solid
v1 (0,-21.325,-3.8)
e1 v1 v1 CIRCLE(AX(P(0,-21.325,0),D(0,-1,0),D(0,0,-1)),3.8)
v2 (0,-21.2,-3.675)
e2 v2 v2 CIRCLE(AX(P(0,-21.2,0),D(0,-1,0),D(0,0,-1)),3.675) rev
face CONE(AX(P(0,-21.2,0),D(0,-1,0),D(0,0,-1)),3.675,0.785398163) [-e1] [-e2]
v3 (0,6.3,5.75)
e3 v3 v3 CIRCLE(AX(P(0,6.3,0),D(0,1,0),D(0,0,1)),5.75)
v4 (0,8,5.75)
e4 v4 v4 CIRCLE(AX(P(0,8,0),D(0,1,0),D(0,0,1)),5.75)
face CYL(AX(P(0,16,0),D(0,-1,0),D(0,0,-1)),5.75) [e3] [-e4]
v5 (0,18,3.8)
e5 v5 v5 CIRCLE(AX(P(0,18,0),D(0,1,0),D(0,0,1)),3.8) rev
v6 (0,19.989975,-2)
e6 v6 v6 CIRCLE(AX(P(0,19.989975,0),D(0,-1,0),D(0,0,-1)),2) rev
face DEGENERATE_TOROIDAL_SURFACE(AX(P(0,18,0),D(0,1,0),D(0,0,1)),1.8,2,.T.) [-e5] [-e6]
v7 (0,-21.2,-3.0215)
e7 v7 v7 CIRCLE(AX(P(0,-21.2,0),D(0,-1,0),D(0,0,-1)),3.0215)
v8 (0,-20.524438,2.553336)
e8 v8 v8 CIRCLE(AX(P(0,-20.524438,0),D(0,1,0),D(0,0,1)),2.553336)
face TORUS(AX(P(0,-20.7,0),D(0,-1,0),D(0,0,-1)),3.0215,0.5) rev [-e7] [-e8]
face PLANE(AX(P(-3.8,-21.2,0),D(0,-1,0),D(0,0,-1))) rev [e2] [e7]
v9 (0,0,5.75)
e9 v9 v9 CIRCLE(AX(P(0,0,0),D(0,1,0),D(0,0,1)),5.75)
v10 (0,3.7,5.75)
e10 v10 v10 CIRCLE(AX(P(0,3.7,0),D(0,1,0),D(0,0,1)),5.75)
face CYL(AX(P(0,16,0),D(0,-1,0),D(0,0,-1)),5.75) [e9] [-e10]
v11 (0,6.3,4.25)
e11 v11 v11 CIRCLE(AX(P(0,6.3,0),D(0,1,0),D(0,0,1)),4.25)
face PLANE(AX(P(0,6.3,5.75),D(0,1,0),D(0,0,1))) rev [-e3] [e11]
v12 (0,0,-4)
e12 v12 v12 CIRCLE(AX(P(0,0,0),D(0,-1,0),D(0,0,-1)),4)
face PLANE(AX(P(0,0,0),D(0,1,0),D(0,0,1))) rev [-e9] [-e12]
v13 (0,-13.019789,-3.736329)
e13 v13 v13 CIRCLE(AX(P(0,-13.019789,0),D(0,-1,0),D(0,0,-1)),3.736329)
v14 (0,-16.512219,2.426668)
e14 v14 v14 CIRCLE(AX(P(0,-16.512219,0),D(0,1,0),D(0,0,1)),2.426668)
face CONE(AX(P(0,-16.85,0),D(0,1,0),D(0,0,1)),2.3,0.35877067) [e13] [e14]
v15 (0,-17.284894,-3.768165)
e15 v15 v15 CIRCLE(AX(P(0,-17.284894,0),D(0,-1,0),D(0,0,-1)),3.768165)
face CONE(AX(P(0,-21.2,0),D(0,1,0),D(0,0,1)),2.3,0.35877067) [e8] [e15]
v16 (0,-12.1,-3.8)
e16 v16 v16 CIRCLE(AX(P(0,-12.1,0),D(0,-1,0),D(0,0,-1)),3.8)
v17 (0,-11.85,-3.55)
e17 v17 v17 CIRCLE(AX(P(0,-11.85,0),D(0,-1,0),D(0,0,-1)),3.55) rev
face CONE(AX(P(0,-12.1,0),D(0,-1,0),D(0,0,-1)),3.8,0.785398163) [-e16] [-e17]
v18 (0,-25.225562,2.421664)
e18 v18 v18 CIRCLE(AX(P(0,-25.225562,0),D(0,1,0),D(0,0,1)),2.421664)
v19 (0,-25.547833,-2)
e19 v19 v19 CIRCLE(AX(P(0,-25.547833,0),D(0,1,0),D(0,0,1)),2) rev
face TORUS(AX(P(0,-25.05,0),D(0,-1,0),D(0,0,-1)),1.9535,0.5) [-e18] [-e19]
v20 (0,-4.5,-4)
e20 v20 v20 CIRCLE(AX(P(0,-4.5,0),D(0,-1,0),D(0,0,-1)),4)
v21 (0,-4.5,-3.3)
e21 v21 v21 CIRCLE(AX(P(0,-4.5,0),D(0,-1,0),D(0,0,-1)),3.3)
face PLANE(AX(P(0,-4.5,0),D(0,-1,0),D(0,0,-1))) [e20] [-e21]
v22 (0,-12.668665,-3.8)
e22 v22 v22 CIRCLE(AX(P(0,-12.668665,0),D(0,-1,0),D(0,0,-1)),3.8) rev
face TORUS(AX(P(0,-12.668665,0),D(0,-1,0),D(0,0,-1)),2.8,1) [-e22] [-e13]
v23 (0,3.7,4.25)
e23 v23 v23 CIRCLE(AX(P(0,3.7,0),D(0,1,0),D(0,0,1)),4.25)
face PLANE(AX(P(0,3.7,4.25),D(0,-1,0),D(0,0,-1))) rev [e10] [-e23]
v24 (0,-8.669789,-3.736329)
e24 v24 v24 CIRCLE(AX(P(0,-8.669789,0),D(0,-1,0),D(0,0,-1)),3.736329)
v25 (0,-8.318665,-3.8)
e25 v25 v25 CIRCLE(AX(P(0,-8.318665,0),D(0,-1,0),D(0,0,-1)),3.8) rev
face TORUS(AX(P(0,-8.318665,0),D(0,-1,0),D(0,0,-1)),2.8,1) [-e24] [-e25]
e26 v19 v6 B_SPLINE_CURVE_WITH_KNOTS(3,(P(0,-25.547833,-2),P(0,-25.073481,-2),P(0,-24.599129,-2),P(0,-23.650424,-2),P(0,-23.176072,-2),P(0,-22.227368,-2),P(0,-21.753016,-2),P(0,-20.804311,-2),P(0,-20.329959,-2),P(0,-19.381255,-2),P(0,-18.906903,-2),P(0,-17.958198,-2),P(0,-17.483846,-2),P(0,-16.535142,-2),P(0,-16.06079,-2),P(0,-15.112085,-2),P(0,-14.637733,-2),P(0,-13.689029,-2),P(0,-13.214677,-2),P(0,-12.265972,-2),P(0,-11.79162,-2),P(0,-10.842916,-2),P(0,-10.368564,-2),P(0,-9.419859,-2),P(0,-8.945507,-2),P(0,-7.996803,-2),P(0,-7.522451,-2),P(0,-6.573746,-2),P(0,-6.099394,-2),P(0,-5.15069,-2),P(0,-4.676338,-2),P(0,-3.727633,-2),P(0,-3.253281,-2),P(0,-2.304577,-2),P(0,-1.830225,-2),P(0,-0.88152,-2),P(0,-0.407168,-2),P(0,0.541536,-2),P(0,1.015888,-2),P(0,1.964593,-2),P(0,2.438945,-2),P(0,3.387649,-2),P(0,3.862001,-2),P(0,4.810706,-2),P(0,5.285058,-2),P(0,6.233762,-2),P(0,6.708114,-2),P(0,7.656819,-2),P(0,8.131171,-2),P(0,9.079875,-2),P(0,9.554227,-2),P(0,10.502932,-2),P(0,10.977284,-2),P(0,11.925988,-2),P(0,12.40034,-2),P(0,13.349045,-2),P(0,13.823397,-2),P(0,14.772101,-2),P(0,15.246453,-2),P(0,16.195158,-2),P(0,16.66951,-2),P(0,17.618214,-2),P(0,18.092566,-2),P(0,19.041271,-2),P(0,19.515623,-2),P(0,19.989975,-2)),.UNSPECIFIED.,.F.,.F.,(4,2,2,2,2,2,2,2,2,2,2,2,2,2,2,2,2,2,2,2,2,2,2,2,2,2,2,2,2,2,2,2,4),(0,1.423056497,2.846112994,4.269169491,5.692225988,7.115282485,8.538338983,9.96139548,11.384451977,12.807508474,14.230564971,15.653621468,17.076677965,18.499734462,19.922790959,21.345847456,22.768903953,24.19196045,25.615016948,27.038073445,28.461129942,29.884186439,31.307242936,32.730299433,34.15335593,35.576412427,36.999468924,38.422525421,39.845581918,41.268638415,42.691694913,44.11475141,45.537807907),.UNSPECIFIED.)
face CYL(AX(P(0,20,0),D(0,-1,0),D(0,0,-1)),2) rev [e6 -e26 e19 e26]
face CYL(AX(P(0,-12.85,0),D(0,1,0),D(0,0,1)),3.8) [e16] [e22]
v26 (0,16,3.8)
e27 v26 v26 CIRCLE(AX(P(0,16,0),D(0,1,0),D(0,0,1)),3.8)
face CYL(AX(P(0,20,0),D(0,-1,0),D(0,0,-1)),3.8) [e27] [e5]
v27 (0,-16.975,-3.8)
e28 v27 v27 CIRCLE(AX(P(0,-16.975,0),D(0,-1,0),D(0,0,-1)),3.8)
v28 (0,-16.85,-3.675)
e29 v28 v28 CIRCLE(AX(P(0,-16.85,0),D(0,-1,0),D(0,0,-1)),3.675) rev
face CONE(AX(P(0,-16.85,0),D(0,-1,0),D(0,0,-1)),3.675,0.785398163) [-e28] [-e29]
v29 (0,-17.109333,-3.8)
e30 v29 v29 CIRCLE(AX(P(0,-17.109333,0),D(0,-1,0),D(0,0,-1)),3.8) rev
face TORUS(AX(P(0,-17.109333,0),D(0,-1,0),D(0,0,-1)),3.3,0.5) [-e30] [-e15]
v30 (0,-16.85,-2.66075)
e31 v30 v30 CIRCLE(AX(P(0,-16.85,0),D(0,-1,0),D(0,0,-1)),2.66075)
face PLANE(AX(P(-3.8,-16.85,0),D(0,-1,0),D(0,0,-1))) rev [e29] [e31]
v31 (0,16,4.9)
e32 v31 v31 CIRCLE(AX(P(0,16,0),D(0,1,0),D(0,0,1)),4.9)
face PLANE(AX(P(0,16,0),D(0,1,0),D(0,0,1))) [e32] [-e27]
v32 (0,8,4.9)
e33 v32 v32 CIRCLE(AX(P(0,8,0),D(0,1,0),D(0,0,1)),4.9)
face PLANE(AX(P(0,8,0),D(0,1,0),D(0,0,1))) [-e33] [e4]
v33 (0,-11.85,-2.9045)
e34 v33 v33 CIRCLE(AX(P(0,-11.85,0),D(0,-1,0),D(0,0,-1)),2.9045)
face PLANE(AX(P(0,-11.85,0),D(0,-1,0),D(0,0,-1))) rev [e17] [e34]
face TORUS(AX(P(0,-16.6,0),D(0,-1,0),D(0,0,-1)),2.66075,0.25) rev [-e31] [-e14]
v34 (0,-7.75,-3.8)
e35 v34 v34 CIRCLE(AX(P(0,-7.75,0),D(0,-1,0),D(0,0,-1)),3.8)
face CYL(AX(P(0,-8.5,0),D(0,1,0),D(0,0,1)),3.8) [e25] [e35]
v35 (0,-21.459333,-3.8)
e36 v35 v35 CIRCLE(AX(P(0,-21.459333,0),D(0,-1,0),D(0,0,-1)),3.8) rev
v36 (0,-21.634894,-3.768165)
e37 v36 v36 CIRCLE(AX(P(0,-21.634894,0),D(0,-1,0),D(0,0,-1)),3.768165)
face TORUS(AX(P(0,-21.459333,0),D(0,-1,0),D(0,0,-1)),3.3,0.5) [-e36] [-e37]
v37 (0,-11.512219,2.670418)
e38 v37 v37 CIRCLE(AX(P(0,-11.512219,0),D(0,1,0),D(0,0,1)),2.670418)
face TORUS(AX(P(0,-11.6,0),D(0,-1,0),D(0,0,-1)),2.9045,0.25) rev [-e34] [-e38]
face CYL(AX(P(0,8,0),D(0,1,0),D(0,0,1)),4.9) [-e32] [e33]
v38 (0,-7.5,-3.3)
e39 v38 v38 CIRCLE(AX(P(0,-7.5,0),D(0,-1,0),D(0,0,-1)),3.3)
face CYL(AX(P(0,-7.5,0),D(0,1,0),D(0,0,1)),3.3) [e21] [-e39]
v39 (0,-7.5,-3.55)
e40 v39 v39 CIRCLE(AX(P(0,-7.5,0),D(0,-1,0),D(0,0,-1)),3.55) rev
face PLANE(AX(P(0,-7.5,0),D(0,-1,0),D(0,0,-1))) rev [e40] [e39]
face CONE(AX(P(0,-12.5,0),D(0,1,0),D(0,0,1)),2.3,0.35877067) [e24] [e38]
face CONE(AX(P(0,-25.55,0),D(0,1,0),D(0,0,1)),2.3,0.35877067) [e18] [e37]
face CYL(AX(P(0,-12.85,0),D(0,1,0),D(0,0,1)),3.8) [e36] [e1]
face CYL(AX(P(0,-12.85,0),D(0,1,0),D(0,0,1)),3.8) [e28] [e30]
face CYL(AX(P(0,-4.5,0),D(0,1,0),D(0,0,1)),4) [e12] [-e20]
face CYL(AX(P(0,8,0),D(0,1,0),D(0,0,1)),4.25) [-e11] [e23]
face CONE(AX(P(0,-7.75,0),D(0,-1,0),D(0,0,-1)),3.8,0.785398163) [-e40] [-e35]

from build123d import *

# Parameters (mm, degrees)
SKETCH1_R           = 5.75
BOSS_EXTRUDE1_DEPTH = 16
SKETCH2_OUTSIDE_W   = 18.062
SKETCH2_OUTSIDE_H   = 18.062
SKETCH2_OUTSIDE_R   = 4.9
CUT_EXTRUDE1_DEPTH  = 8
SKETCH3_R           = 3.8
BOSS_EXTRUDE2_DEPTH = 4
FILLET2_R           = 2
SKETCH4_R           = 4
BOSS_EXTRUDE3_DEPTH = 4.5
SKETCH5_R           = 3.3
BOSS_EXTRUDE4_DEPTH = 3
BOSS_EXTRUDE5_START = 1
SKETCH6_R           = 3.8
BOSS_EXTRUDE5_DEPTH = 1
BOSS_EXTRUDE6_REACH = 35.502
SKETCH10_R          = 3.8
LPATTERN1_COUNT     = 4
LPATTERN1_PITCH     = 4.35
CHAMFER1_SIZE       = 0.25
CHAMFER2_SIZE       = 0.25
CHAMFER3_SIZE       = 0.125
CHAMFER4_SIZE       = 0.125
FILLET3_R           = 0.5
FILLET4_R           = 1
FILLET5_R           = 0.25
FILLET6_R           = 0.5
FILLET7_R           = 0.5
SKETCH12_W          = 1.5
SKETCH12_H          = 2.6
SKETCH13_R          = 2
CUT_EXTRUDE2_DEPTH  = 47.270157769


with BuildPart() as part:
    # Sketch1 → Boss-Extrude1 (new body)
    with BuildSketch(Plane(origin=(0, 0, 0), x_dir=(1, 0, 0), z_dir=(0, 1, 0))):
        with Locations(Location((0, 0, 0), (0, 0, 270))):
            Circle(SKETCH1_R)
    extrude(amount=BOSS_EXTRUDE1_DEPTH)

    # Sketch2 outside → Cut-Extrude1 (cut)
    with BuildSketch(Plane(origin=(0, 16, 0), x_dir=(1, 0, 0), z_dir=(0, 1, 0))):
        Rectangle(SKETCH2_OUTSIDE_W, SKETCH2_OUTSIDE_H)
        with Locations(Location((0, 0, 0), (0, 0, 270))):
            Circle(SKETCH2_OUTSIDE_R, mode=Mode.SUBTRACT)
    extrude(amount=-CUT_EXTRUDE1_DEPTH, mode=Mode.SUBTRACT)

    # Sketch3 → Boss-Extrude2 (add)
    with BuildSketch(Plane(origin=(0, 16, 0), x_dir=(1, 0, 0), z_dir=(0, 1, 0))):
        with Locations(Location((0, 0, 0), (0, 0, 270))):
            Circle(SKETCH3_R)
    extrude(amount=BOSS_EXTRUDE2_DEPTH)

    # Fillet2
    fillet2_edges = [part.edges().sort_by_distance(p)[0] for p in [
        (0, 20, -3.8),
    ]]
    fillet(fillet2_edges, radius=FILLET2_R)

    # Sketch4 → Boss-Extrude3 (add)
    with BuildSketch(Plane.XZ):
        with Locations(Location((0, 0, 0), (0, 0, 270))):
            Circle(SKETCH4_R)
    extrude(amount=BOSS_EXTRUDE3_DEPTH)

    # Sketch5 → Boss-Extrude4 (add)
    with BuildSketch(Plane.XZ.offset(4.5)):
        with Locations(Location((0, 0, 0), (0, 0, 270))):
            Circle(SKETCH5_R)
    extrude(amount=BOSS_EXTRUDE4_DEPTH)

    # Sketch6 → Boss-Extrude5 (add)
    with BuildSketch(Plane.XZ.offset(7.5).offset(BOSS_EXTRUDE5_START)):
        with Locations(Location((0, 0, 0), (0, 0, 90))):
            Circle(SKETCH6_R)
    boss_extrude5 = extrude(amount=-BOSS_EXTRUDE5_DEPTH)

    # Sketch10 → Boss-Extrude6 (add, up to next)
    with BuildSketch(Plane(origin=(0, -12.5, 0), x_dir=(-1, 0, 0), z_dir=(0, -1, 0)), mode=Mode.PRIVATE) as boss_extrude6_sk1:
        with Locations(Location((0, 0, 0), (0, 0, 270))):
            Circle(SKETCH10_R)
    boss_extrude6_tool1 = extrude(boss_extrude6_sk1.sketch, amount=-BOSS_EXTRUDE6_REACH, mode=Mode.PRIVATE) - part.part
    boss_extrude6 = boss_extrude6_tool1.solids().sort_by_distance((0, -12.5, 0))[0]
    add(boss_extrude6)

    # Sketch11 → Cut-Revolve1 (revolve, cut)
    with BuildSketch(Plane.XY, mode=Mode.PRIVATE) as cut_revolve1_sk:
        Polygon((-2.3, -12.5), (-3.8, -8.5), (-3.8, -12.5), align=None)
    cut_revolve1 = revolve(cut_revolve1_sk.sketch.rotate(Axis((0, 8, 0), (0, -1, 0)), 270), axis=Axis((0, 8, 0), (0, -1, 0)), mode=Mode.SUBTRACT)

    # LPattern1: Boss-Extrude5, Boss-Extrude6, Cut-Revolve1 ×4
    with Locations(*[(0, -i * LPATTERN1_PITCH, 0) for i in range(1, LPATTERN1_COUNT)]):
        add(boss_extrude5)
        add(boss_extrude6)
        add(cut_revolve1, mode=Mode.SUBTRACT)

    # Chamfer1
    chamfer1_edges = [part.edges().sort_by_distance(p)[0] for p in [
        (0, -7.5, -3.8),
    ]]
    chamfer(chamfer1_edges, length=CHAMFER1_SIZE)

    # Chamfer2
    chamfer2_edges = [part.edges().sort_by_distance(p)[0] for p in [
        (0, -11.85, -3.8),
    ]]
    chamfer(chamfer2_edges, length=CHAMFER2_SIZE)

    # Chamfer3
    chamfer3_edges = [part.edges().sort_by_distance(p)[0] for p in [
        (0, -16.85, -3.8),
    ]]
    chamfer(chamfer3_edges, length=CHAMFER3_SIZE)

    # Chamfer4
    chamfer4_edges = [part.edges().sort_by_distance(p)[0] for p in [
        (0, -21.2, -3.8),
    ]]
    chamfer(chamfer4_edges, length=CHAMFER4_SIZE)

    # Fillet3
    fillet3_edges = [part.edges().sort_by_distance(p)[0] for p in [
        (0, -17.2, -3.8),
        (0, -21.55, -3.8),
    ]]
    fillet(fillet3_edges, radius=FILLET3_R)

    # Fillet4
    fillet4_edges = [part.edges().sort_by_distance(p)[0] for p in [
        (0, -8.5, -3.8),
        (0, -12.85, -3.8),
    ]]
    fillet(fillet4_edges, radius=FILLET4_R)

    # Fillet5
    fillet5_edges = [part.edges().sort_by_distance(p)[0] for p in [
        (0, -11.85, -2.54375),
        (0, -16.85, -2.3),
    ]]
    fillet(fillet5_edges, radius=FILLET5_R)

    # Fillet6
    fillet6_edges = [part.edges().sort_by_distance(p)[0] for p in [
        (0, -21.2, -2.3),
    ]]
    fillet(fillet6_edges, radius=FILLET6_R)

    # Fillet7
    fillet7_edges = [part.edges().sort_by_distance(p)[0] for p in [
        (0, -25.55, -2.3),
    ]]
    fillet(fillet7_edges, radius=FILLET7_R)

    # Sketch12 → Cut-Revolve2 (revolve, cut)
    with BuildSketch(Plane(origin=(0, 0, 0), x_dir=(0, 0, -1), z_dir=(1, 0, 0)), mode=Mode.PRIVATE) as cut_revolve2_sk:
        with Locations((-5, 5)):
            Rectangle(SKETCH12_W, SKETCH12_H)
    revolve(cut_revolve2_sk.sketch.rotate(Axis((0, 8, 0), (0, -1, 0)), 180), axis=Axis((0, 8, 0), (0, -1, 0)), mode=Mode.SUBTRACT)

    # Sketch13 → Cut-Extrude2 (cut, through all)
    with BuildSketch(Plane.XZ.offset(25.55)):
        with Locations(Location((0, 0, 0), (0, 0, 270))):
            Circle(SKETCH13_R)
    extrude(amount=-CUT_EXTRUDE2_DEPTH, mode=Mode.SUBTRACT)


solid = part.part
